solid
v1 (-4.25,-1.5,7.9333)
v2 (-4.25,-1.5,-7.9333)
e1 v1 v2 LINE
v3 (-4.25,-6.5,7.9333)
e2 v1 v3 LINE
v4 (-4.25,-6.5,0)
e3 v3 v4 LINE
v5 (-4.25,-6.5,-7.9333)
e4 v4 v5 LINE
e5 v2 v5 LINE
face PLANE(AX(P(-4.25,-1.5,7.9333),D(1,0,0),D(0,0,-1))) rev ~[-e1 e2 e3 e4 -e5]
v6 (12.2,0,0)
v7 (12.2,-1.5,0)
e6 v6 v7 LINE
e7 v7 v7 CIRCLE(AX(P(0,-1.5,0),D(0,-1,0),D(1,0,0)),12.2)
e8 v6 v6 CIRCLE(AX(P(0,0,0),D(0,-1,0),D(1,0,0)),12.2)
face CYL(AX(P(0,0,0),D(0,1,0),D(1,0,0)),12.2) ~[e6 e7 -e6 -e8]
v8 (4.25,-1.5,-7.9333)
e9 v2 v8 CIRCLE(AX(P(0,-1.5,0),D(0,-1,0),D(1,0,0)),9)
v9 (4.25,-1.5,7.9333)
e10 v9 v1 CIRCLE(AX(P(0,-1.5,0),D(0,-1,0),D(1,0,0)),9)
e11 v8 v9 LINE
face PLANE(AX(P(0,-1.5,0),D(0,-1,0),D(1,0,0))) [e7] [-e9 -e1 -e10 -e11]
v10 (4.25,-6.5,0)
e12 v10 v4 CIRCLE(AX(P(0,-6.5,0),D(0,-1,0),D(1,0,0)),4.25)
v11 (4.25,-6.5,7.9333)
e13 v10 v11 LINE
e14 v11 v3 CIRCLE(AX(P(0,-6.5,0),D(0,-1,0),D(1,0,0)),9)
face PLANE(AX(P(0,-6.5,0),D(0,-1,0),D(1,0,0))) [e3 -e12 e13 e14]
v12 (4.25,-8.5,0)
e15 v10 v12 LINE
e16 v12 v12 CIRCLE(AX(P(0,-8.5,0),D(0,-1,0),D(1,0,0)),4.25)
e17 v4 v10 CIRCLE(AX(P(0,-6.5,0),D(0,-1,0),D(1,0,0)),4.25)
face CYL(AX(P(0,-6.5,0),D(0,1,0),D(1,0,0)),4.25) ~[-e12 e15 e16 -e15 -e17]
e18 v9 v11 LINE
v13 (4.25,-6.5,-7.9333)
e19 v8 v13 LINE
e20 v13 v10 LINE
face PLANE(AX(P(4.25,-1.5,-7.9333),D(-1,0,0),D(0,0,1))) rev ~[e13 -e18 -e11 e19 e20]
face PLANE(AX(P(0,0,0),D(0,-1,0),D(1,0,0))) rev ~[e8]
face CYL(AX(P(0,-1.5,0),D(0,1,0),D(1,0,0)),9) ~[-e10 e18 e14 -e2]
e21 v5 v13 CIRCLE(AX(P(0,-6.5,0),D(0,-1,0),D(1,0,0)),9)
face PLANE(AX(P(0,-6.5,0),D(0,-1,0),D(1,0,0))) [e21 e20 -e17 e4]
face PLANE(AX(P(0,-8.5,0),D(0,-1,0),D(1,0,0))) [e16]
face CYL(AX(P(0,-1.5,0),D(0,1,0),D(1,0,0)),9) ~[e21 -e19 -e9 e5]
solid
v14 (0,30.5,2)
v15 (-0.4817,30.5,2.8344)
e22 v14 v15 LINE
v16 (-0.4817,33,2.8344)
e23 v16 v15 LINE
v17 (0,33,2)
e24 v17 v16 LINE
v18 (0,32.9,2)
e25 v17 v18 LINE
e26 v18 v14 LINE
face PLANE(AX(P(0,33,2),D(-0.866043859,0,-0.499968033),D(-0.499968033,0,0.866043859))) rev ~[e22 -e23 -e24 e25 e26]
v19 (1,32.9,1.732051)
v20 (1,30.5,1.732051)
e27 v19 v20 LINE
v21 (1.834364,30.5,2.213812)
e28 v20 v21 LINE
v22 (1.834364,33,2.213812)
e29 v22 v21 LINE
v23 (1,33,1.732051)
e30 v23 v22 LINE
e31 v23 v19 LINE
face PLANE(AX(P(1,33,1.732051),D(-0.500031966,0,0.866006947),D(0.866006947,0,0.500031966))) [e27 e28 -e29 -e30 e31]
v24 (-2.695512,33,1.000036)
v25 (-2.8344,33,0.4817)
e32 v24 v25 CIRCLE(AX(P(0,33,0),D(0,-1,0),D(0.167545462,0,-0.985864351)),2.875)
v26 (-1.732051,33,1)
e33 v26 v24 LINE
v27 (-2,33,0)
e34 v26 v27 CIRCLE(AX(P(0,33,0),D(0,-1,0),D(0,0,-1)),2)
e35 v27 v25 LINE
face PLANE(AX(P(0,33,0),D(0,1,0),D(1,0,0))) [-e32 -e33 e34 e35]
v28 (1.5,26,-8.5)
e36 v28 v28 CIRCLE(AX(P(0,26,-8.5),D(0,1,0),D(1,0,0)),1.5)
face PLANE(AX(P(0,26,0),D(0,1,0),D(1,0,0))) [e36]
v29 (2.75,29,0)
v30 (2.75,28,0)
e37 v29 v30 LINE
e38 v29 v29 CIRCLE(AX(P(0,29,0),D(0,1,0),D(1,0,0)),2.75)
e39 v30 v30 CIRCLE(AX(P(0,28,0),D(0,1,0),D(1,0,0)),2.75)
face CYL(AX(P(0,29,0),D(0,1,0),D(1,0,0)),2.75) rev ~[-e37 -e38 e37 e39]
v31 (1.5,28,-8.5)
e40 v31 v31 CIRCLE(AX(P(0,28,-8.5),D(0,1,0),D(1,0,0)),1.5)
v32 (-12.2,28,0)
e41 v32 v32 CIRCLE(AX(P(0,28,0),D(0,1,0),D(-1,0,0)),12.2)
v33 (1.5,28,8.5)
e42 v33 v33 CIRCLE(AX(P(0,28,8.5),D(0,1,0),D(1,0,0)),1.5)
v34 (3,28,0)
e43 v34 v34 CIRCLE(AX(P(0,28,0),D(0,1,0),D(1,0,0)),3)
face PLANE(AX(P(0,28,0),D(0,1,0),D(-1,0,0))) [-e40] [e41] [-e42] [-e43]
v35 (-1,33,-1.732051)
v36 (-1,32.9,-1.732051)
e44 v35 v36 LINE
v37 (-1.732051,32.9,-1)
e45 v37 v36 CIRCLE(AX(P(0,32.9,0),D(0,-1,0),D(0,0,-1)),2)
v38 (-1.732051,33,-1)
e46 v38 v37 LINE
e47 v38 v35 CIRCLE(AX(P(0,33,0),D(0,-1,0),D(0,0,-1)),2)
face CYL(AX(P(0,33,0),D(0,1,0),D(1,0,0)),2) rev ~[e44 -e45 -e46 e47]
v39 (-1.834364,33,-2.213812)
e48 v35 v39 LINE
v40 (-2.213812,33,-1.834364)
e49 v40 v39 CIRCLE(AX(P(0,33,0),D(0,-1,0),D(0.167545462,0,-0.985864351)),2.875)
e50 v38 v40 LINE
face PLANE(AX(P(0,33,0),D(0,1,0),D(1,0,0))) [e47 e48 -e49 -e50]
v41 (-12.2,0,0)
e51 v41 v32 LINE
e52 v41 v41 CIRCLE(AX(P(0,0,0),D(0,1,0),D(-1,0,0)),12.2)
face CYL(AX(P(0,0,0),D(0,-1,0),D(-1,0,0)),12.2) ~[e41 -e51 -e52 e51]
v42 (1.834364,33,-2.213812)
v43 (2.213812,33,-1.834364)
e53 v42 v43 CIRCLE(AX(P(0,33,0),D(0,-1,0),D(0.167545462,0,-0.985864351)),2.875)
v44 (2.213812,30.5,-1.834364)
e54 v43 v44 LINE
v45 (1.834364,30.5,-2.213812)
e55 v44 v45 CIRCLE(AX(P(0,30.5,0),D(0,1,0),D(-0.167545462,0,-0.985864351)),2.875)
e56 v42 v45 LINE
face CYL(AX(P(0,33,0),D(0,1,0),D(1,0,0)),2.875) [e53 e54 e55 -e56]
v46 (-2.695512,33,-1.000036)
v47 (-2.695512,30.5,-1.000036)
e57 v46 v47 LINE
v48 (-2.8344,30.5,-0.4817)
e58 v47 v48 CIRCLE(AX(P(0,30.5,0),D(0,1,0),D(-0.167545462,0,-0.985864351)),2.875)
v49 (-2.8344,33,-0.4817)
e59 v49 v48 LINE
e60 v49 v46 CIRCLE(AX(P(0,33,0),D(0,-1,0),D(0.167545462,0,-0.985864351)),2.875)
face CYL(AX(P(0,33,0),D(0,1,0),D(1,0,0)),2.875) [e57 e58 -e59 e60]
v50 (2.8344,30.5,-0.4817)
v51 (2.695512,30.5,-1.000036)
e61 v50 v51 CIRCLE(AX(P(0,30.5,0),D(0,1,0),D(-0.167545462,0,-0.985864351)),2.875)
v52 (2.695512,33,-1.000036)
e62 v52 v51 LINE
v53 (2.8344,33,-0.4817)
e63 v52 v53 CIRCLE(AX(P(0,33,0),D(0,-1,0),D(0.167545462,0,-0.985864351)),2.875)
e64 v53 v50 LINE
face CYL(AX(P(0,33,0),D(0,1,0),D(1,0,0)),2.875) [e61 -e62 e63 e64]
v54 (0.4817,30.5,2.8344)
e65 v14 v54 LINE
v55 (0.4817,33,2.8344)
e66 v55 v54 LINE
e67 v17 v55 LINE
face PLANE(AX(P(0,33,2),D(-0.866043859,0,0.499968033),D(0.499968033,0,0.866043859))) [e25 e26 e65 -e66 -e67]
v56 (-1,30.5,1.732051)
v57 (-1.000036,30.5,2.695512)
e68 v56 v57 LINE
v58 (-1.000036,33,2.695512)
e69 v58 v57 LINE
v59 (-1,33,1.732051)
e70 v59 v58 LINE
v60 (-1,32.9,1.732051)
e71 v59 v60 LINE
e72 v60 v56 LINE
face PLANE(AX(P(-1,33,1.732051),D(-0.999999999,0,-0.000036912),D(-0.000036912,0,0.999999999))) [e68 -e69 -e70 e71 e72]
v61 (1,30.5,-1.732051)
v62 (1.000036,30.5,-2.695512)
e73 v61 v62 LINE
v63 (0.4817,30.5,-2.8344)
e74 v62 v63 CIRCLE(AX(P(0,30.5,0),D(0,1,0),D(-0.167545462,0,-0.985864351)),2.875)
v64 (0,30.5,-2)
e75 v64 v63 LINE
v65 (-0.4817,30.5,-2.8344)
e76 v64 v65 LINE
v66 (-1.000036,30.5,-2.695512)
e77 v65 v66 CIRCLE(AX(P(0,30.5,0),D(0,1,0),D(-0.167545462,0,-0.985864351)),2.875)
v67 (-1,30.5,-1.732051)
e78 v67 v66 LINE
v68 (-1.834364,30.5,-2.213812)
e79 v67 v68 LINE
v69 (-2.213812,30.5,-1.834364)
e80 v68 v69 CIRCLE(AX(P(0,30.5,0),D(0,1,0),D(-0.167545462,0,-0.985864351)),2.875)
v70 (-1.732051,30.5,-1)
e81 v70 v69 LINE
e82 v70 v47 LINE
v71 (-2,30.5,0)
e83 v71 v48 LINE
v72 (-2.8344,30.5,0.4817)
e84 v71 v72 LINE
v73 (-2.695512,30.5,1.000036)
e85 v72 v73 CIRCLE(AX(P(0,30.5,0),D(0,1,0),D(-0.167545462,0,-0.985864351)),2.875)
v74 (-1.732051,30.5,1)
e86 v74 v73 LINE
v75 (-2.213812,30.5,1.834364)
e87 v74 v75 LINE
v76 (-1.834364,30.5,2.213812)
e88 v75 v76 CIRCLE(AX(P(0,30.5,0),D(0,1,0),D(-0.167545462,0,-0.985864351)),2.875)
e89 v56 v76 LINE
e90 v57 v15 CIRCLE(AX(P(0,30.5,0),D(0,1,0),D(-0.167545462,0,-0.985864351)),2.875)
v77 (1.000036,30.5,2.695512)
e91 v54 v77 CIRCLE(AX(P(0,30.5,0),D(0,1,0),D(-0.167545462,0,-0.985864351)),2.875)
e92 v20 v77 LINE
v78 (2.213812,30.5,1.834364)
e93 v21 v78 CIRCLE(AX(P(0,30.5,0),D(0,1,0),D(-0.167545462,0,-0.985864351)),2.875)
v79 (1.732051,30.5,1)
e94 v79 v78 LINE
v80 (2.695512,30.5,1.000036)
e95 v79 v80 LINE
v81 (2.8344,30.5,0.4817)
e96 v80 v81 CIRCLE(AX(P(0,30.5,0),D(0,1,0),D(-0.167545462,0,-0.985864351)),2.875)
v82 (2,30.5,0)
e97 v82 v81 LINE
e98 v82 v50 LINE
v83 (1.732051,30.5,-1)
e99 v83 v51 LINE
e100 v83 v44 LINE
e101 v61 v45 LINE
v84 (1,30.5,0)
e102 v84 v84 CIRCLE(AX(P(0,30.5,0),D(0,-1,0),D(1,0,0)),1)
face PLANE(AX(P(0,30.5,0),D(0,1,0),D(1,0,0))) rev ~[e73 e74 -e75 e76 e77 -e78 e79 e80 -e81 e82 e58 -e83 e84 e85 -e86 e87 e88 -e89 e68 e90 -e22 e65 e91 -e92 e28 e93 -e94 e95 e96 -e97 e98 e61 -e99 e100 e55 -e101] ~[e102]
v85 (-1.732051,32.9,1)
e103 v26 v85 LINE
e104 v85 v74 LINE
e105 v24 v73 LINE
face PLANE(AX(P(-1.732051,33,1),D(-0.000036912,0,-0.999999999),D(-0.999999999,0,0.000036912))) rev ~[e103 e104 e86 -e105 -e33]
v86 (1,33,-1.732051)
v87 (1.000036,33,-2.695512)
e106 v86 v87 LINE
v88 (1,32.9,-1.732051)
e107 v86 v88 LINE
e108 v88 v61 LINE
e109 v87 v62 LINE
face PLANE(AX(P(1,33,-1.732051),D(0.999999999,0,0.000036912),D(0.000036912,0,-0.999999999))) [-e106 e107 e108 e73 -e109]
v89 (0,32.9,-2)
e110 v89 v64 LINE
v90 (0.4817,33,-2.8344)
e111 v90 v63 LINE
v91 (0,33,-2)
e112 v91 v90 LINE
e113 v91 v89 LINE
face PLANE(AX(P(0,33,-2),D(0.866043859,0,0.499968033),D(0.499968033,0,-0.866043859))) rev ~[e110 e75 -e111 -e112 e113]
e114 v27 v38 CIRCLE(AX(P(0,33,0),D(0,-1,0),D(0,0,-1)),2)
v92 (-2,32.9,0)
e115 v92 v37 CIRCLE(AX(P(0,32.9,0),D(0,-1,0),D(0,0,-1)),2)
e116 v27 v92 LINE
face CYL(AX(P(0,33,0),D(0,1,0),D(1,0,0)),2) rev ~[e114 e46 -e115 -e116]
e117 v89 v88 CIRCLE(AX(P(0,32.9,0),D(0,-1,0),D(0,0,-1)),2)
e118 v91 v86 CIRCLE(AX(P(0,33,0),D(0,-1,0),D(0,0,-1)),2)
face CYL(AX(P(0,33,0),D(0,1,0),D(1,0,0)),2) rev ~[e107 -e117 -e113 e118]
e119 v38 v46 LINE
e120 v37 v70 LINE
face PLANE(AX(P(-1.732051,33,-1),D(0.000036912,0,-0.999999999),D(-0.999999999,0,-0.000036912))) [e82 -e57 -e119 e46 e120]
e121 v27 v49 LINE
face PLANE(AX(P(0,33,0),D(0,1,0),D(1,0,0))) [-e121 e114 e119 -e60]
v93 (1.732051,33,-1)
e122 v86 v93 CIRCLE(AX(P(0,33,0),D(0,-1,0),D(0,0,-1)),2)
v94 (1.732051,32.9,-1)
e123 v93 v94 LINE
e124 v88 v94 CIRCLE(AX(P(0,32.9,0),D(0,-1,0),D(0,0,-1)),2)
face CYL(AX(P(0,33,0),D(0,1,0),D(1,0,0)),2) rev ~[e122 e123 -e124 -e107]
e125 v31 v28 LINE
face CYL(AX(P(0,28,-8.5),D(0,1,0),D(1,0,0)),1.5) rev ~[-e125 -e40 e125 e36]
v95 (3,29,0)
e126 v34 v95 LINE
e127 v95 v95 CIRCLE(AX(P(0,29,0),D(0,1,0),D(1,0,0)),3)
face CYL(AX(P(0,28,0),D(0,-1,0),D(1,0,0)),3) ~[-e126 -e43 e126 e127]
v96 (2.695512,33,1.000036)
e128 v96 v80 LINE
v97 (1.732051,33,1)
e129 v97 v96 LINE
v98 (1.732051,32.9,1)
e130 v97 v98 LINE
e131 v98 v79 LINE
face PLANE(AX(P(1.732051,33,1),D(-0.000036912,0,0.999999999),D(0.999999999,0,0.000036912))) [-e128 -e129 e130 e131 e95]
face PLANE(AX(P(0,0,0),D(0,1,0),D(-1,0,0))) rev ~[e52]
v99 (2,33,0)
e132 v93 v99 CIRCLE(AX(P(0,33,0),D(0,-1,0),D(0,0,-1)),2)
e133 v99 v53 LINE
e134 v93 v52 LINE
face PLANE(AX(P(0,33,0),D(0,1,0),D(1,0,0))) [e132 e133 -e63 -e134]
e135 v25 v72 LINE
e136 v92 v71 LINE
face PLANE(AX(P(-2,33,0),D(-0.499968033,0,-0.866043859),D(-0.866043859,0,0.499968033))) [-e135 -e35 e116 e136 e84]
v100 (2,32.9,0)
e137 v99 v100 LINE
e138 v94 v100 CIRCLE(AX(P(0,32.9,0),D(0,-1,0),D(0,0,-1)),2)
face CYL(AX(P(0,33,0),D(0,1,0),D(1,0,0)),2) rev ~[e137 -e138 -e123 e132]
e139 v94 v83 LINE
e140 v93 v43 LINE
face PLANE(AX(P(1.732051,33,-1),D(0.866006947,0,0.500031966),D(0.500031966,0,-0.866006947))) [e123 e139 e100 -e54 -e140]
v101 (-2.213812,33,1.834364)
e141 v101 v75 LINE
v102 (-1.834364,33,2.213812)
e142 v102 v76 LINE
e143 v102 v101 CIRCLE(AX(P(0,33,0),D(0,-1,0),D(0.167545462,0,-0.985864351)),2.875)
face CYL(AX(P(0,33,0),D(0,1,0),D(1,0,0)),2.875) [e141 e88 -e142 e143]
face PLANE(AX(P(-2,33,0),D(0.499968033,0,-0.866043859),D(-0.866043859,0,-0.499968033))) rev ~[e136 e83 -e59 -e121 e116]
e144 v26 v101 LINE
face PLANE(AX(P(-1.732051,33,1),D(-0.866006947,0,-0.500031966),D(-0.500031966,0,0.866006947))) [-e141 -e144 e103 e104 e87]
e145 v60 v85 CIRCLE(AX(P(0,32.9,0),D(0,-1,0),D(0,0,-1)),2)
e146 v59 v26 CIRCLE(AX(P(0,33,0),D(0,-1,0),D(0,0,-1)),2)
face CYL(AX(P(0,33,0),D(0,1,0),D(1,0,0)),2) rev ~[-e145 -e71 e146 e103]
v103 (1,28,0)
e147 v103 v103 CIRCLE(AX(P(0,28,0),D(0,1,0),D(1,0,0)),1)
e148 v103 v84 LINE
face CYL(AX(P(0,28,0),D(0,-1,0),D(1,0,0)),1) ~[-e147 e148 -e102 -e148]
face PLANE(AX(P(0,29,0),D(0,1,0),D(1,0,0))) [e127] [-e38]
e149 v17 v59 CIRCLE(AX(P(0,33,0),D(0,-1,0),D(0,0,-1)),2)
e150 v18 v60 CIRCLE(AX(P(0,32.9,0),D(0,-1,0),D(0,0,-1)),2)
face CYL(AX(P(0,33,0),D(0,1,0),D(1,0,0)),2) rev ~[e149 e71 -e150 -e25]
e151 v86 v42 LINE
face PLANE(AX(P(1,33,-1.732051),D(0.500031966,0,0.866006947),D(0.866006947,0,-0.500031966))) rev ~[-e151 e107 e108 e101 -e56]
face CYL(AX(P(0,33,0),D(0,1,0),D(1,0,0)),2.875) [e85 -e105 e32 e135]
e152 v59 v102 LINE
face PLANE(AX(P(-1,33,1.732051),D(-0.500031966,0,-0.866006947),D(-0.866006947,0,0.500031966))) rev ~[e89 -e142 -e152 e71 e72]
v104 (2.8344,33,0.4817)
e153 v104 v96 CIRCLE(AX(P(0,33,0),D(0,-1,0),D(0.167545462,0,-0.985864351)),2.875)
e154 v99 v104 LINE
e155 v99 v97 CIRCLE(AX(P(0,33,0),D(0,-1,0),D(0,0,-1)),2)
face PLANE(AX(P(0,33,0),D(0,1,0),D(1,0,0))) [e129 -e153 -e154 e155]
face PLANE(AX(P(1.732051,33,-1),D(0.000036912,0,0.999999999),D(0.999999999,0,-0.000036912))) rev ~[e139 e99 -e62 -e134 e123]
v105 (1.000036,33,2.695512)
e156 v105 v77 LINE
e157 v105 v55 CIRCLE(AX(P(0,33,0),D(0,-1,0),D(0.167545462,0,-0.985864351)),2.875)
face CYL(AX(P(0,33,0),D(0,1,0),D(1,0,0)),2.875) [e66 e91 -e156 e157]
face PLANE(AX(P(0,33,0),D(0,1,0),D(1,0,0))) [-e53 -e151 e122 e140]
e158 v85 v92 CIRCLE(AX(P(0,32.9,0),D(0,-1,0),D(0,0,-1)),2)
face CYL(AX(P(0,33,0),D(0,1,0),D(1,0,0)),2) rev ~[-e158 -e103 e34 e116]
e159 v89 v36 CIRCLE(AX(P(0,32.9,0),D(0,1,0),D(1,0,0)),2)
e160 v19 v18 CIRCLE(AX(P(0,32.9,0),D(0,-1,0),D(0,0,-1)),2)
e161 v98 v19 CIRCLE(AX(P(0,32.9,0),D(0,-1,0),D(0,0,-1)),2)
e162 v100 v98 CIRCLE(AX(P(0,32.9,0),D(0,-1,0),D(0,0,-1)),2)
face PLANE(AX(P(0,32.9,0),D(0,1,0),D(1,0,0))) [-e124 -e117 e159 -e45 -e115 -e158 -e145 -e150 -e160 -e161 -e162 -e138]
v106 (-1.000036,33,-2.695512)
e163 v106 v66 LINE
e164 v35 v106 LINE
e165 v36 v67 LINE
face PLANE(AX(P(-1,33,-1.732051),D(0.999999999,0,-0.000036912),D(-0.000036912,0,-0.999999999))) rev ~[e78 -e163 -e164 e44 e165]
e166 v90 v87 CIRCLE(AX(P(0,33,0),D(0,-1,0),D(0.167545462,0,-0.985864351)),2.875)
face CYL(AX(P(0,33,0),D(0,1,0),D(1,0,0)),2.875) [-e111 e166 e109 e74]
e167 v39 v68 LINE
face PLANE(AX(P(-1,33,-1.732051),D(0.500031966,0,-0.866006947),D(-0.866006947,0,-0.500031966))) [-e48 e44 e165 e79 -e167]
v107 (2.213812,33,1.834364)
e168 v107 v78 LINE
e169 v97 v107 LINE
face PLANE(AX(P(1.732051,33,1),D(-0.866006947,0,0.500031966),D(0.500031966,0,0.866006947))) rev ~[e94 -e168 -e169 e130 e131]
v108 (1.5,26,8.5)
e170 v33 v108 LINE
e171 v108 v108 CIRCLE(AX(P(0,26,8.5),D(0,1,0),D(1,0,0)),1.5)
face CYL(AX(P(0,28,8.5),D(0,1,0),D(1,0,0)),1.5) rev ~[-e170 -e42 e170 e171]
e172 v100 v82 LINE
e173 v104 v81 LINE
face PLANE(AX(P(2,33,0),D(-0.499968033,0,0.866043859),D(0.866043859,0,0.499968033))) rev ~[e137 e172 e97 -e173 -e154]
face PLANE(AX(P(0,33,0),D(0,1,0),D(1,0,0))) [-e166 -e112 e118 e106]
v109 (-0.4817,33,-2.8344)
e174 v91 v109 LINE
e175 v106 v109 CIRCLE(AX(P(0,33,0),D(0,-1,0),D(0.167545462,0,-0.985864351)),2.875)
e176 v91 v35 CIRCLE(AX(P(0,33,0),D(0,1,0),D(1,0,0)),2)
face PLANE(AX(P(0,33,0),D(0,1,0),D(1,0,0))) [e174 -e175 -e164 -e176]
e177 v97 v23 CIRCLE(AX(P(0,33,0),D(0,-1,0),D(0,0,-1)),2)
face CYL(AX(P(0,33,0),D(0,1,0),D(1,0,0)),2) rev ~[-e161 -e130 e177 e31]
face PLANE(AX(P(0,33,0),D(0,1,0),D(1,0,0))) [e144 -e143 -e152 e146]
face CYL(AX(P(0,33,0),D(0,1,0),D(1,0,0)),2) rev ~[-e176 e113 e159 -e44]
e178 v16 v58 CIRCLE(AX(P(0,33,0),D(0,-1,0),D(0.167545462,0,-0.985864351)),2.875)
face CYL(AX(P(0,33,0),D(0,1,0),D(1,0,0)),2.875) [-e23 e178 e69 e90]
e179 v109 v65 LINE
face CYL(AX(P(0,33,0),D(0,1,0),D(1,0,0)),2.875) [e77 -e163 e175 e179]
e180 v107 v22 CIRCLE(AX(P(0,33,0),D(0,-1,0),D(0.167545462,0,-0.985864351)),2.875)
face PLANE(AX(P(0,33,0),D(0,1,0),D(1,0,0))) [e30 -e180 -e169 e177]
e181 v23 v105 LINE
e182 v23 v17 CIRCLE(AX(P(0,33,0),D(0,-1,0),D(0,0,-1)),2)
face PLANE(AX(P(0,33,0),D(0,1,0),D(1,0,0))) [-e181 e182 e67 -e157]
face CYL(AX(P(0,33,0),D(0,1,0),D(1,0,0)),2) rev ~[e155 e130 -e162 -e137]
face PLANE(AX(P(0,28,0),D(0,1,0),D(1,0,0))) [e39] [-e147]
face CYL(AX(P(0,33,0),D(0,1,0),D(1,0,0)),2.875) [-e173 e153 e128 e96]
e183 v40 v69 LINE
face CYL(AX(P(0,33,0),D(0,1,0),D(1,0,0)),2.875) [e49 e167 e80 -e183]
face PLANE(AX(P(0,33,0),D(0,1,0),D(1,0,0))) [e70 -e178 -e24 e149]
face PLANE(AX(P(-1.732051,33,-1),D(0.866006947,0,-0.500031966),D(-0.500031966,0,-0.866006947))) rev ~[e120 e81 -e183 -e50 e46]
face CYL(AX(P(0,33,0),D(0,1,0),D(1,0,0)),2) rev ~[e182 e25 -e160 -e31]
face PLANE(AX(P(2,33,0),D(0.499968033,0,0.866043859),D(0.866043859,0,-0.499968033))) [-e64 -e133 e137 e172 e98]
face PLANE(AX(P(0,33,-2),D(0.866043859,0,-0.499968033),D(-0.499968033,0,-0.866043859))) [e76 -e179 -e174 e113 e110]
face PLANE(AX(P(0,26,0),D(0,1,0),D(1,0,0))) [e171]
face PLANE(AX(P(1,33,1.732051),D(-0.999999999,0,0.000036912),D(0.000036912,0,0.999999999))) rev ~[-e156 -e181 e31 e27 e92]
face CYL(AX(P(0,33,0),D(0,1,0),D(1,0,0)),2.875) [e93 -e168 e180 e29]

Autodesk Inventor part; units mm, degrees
ref_plane "YZ Plane" through (0, 0, 0) normal (1, 0, 0) x (0, 1, 0)
ref_plane "XZ Plane" through (0, 0, 0) normal (0, 1, 0) x (-1, 0, 0)
ref_plane "XY Plane" through (0, 0, 0) normal (0, 0, 1) x (1, 0, 0)
sketch "Szkic1" plane through (0, 0, 0) normal (0, 1, 0) x (-1, 0, 0)
  circle A0 centre (0, 0) radius 12.2
  dimension "d0" = 24.4
extrude "Wyciągnięcie proste1" add sketch "Szkic1" along normal blind 28
sketch "Szkic2" plane through (0, 28, 0) normal (0, 1, 0) x (1, 0, 0)
  circle A0 centre (0, 0) radius 3
  dimension "d3" = 6
extrude "Wyciągnięcie proste2" add sketch "Szkic2" along normal blind 1
sketch "Szkic3" plane through (0, 29, 0) normal (0, 1, 0) x (1, 0, 0)
  circle A0 centre (0, 0) radius 2.75
  dimension "d6" = 5.5
extrude "Wyciągnięcie proste3" cut sketch "Szkic3" against normal blind 1
sketch "Szkic4" plane through (0, 28, 0) normal (0, 1, 0) x (1, 0, 0)
  circle A0 centre (0, 0) radius 1
  dimension "d9" = 2
extrude "Wyciągnięcie proste4" add sketch "Szkic4" along normal blind 5
sketch "Szkic5" plane through (0, 33, 0) normal (0, 1, 0) x (1, 0, 0)
  circle A0 centre (0, 0) radius 2.875
  dimension "d12" = 5.75
extrude "Wyciągnięcie proste5" add sketch "Szkic5" against normal blind 2.5
sketch "Szkic6" plane through (0, 33, 0) normal (0, 1, 0) x (1, 0, 0)
  circle A0 centre (0, 0) radius 2
  line L0 (0, 2) -> (-0.4817, 2.8344)
  circle A1 centre (0, 0) radius 2.875 projected
  line L1 (0, 2) -> (0, 2.875) construction
  line L2 (0, 2) -> (0.4817, 2.8344)
  arc A2 (0.4817, 2.8344) -> (-0.4817, 2.8344) centre (0, 0) ccw
  dimension "d15" = 4
  dimension "d16" = 30
  dimension "d24" = 30
extrude "Wyciągnięcie proste6" cut sketch "Szkic6" against normal blind 2.5 contours L0 A1 L2 picked at (0.2143, 2.5683)
sketch "Szkic7" plane through (0, 33, 0) normal (0, 1, 0) x (1, 0, 0)
  line L0 (-0.4817, 2.8344) -> (0, 2) projected
  circle A0 centre (0, 0) radius 2
extrude "Wyciągnięcie proste7" cut sketch "Szkic7" against normal blind 0.1
pattern_circular "Szyk kołowy1" count 12 over 360 about axis through (0, -10, 0) along (0, 1, 0) of "Wyciągnięcie proste6"
sketch "Szkic8" plane through (0, 28, 0) normal (0, 1, 0) x (1, 0, 0)
  circle A0 centre (0, -8.5) radius 1.5
  circle A1 centre (0, 8.5) radius 1.5
  point P0 (0, 0)
  dimension "d25" = 3
  dimension "d26" = 3
  dimension "d27" = 17
  dimension "d28" = 8.5
extrude "Wyciągnięcie proste8" cut sketch "Szkic8" against normal blind 2
sketch "Szkic9" plane through (0, 0, 0) normal (0, -1, 0) x (1, 0, 0)
  circle A0 centre (0, 0) radius 12.2
  dimension "d41" = 24.4
extrude "Wyciągnięcie proste9" add sketch "Szkic9" along normal blind 1.5 separate body
sketch "Szkic10" plane through (0, -1.5, 0) normal (0, -1, 0) x (1, 0, 0)
  line L0 (-4.25, -7.9333) -> (4.25, -7.9333)
  line L1 (4.25, -7.9333) -> (4.25, 7.9333)
  line L2 (4.25, 7.9333) -> (-4.25, 7.9333)
  line L3 (-4.25, 7.9333) -> (-4.25, -7.9333)
  circle A0 centre (0, 0) radius 9
  point P0 (4.25, -7.9333)
  dimension "d33" = 8.5
  dimension "d34" = 4.25
  dimension "d35" = 18
extrude "Wyciągnięcie proste10" add sketch "Szkic10" along normal blind 5 contours L3 L2 L1 L0 | L0 A0 | A0 L2 bodies 2
sketch "Szkic11" plane through (0, -6.5, 0) normal (0, -1, 0) x (1, 0, 0)
  circle A0 centre (0, 0) radius 4.25
  dimension "d38" = 8.5
extrude "Wyciągnięcie proste11" add sketch "Szkic11" along normal blind 2 bodies 2
properties part number "MOTOR_DETAL"
